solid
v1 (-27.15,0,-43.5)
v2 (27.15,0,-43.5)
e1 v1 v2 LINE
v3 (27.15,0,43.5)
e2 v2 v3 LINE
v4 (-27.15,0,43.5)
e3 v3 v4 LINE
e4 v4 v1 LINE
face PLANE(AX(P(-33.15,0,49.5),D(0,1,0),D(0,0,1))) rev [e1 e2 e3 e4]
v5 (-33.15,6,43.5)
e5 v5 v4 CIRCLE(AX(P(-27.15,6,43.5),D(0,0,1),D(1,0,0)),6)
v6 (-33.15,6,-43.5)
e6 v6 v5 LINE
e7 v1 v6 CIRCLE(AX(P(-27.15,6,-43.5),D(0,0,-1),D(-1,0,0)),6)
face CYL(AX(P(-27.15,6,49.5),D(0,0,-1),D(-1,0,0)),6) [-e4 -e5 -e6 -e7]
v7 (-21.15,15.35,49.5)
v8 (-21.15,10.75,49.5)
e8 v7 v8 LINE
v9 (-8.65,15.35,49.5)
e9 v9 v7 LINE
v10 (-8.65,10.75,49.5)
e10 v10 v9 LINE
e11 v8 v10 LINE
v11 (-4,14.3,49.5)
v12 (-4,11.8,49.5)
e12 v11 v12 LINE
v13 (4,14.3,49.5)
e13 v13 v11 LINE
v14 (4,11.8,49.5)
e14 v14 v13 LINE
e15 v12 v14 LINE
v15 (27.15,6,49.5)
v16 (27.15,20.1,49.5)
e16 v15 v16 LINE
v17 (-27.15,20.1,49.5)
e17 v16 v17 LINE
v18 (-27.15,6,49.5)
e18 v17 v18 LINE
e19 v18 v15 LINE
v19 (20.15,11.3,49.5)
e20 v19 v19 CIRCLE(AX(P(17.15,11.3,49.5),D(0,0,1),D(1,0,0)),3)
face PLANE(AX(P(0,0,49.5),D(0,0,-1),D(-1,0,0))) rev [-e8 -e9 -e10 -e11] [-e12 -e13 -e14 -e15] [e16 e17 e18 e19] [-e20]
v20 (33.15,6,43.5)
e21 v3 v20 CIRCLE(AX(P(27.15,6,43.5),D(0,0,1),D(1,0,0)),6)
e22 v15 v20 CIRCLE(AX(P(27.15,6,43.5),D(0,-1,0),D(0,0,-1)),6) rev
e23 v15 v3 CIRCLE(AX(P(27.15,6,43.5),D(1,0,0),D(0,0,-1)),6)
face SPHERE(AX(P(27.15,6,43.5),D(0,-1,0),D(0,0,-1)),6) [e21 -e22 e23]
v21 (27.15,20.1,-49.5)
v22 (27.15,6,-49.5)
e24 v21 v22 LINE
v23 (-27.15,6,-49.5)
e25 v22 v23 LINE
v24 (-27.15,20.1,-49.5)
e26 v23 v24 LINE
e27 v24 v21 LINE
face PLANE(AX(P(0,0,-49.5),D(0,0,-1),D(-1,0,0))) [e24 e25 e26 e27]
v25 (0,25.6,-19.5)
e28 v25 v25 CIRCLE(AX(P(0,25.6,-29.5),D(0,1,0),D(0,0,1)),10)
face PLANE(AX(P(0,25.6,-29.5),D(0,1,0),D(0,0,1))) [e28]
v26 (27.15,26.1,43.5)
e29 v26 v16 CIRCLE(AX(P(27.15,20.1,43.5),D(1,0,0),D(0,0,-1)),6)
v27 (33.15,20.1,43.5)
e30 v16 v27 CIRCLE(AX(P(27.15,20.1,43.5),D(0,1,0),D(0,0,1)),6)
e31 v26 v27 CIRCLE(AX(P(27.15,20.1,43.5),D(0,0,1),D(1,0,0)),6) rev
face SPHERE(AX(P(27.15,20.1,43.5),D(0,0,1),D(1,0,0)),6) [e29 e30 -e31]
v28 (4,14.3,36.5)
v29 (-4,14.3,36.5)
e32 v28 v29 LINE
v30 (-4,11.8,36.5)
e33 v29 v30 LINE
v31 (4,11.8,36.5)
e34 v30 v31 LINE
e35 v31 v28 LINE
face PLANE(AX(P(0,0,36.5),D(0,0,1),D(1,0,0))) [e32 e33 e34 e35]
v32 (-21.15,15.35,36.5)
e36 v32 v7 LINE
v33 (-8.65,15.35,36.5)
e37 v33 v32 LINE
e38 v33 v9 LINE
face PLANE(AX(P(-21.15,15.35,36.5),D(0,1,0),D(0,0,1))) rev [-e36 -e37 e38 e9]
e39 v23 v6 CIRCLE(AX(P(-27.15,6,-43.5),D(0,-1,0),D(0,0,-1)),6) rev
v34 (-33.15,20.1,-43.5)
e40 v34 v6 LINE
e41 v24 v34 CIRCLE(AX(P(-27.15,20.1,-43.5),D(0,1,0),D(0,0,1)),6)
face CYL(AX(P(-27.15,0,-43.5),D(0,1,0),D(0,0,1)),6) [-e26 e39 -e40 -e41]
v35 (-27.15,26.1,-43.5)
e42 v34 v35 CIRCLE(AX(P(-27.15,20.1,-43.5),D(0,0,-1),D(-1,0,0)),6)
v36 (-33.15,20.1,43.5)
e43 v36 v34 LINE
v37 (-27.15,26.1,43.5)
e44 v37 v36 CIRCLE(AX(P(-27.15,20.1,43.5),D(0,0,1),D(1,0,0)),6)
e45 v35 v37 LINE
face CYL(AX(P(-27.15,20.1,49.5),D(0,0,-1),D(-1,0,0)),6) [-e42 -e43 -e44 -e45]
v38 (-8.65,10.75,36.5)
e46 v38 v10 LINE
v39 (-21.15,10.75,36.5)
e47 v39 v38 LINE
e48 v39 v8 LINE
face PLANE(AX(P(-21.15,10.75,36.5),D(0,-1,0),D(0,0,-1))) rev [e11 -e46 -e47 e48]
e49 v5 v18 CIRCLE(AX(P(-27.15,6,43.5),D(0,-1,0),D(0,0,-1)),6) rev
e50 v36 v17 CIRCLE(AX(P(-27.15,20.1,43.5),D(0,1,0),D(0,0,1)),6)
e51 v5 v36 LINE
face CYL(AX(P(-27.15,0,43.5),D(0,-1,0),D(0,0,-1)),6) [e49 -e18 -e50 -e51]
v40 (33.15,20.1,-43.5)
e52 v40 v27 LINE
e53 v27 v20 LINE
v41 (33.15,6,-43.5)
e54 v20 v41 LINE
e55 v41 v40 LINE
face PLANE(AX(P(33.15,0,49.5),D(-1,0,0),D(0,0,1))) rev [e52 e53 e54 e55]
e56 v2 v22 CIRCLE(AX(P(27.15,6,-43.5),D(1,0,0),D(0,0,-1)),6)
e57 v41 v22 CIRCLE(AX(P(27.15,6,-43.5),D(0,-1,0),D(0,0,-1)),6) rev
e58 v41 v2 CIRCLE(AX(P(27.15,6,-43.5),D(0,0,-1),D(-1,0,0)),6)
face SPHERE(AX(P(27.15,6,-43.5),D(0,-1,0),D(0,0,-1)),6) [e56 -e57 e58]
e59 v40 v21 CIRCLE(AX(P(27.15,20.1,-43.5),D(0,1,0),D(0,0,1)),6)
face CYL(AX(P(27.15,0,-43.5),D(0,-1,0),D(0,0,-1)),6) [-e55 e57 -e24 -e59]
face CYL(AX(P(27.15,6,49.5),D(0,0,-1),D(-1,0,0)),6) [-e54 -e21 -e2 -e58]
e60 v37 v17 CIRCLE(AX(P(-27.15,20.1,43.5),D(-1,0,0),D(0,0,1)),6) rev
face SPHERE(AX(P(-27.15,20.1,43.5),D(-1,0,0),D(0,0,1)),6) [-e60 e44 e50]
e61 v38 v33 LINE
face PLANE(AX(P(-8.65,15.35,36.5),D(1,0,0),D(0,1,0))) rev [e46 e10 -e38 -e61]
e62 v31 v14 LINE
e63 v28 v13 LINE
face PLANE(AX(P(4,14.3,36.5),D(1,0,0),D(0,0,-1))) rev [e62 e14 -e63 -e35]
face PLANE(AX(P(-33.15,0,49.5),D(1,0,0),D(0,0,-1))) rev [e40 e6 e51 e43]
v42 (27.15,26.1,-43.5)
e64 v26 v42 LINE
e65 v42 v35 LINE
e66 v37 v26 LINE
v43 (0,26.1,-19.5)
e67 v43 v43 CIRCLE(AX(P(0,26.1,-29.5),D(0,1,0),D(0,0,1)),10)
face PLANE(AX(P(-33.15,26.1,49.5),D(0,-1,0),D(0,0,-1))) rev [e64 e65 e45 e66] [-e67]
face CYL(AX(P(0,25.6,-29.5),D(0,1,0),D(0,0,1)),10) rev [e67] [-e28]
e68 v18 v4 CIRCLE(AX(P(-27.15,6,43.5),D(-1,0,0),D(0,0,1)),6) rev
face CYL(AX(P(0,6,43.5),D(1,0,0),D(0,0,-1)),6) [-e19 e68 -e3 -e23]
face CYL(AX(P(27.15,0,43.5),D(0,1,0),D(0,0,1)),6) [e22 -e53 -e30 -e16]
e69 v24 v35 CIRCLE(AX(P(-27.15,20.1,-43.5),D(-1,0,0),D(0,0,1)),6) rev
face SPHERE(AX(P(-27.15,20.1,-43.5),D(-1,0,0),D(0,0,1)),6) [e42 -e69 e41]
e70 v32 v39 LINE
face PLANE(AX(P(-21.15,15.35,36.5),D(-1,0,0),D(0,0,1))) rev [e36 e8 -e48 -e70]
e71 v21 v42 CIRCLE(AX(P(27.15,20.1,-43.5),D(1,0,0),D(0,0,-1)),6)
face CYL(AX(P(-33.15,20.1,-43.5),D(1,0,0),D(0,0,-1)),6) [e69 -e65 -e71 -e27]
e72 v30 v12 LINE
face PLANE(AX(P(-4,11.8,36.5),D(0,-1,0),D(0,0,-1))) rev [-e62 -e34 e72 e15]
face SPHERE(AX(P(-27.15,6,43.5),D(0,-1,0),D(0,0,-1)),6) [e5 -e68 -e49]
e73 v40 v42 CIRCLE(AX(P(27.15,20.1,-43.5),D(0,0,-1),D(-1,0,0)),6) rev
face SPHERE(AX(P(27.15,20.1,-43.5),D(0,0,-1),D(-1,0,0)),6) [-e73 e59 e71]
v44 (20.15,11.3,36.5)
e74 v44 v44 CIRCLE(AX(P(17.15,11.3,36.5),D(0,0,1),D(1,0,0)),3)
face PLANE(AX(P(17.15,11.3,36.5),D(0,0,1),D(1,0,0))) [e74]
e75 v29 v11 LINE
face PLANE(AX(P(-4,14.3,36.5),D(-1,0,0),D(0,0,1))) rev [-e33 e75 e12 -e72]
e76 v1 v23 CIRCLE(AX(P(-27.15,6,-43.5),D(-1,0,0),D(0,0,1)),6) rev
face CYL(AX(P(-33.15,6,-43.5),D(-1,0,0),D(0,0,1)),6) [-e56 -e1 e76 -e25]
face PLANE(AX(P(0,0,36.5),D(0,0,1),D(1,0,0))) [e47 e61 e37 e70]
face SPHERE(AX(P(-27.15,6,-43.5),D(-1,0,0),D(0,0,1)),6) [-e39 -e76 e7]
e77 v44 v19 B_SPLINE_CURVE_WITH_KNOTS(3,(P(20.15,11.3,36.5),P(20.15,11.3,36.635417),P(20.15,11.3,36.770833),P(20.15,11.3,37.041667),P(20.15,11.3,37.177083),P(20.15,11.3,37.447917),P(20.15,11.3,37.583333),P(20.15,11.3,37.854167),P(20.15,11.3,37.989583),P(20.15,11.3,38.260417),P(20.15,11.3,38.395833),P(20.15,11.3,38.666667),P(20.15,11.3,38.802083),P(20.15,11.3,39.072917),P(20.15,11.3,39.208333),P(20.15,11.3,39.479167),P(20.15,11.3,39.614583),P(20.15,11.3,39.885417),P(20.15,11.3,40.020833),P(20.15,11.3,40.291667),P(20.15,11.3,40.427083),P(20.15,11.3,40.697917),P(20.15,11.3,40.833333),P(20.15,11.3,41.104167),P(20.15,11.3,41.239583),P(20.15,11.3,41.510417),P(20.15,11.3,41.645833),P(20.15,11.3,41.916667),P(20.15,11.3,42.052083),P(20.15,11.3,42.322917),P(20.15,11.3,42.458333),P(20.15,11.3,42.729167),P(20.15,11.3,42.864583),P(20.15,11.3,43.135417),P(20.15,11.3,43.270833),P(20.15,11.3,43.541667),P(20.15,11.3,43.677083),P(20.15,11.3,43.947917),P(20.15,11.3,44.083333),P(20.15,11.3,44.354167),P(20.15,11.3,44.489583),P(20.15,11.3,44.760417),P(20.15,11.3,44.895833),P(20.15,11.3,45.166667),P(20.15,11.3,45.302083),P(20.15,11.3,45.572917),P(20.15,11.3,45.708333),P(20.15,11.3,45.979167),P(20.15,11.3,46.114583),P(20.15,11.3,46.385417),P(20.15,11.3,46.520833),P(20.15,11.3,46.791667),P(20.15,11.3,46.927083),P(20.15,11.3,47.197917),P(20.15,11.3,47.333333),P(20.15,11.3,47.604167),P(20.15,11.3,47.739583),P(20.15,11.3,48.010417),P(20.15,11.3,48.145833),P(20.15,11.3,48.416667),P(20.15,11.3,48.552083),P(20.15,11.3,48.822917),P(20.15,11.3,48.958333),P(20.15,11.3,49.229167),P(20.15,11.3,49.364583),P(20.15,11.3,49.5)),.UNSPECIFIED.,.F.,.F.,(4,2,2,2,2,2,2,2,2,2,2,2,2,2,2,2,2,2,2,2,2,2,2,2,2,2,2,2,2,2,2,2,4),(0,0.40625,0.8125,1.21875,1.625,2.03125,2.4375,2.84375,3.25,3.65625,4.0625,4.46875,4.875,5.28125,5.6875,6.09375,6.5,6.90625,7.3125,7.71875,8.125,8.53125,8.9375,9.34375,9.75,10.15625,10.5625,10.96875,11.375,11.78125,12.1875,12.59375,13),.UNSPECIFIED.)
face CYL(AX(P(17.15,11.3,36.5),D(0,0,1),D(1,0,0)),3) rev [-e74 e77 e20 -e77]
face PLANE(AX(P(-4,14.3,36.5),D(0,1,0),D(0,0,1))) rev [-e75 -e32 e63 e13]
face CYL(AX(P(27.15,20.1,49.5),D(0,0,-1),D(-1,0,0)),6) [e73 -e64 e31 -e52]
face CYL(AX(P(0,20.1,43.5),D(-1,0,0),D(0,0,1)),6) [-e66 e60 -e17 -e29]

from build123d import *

# Parameters (mm, degrees)
SKETCH1_W           = 66.3
SKETCH1_H           = 26.1
BOSS_EXTRUDE1_DEPTH = 49.5
SKETCH2_R           = 3
SKETCH2_W           = 12.5
SKETCH2_H           = 4.6
SKETCH2_W_2         = 8
SKETCH2_H_2         = 2.5
CONNECTORS_DEPTH    = 13
SKETCH4_R           = 10
DISPLAY_DEPTH       = 0.5
FILLET1_R           = 6


with BuildPart() as part:
    # Sketch1 → Boss-Extrude1 (new, symmetric)
    with BuildSketch(Plane.XY):
        with Locations((0, 13.05)):
            Rectangle(SKETCH1_W, SKETCH1_H)
    extrude(amount=BOSS_EXTRUDE1_DEPTH, both=True)

    # Sketch2 → connectors (cut)
    with BuildSketch(Plane.XY.offset(49.5)):
        with Locations((17.15, 11.3)):
            Circle(SKETCH2_R)
        with Locations((-14.9, 13.05)):
            Rectangle(SKETCH2_W, SKETCH2_H)
        with Locations((0, 13.05)):
            Rectangle(SKETCH2_W_2, SKETCH2_H_2)
    extrude(amount=-CONNECTORS_DEPTH, mode=Mode.SUBTRACT)

    # Sketch4 → display (cut)
    with BuildSketch(Plane(origin=(0, 26.1, 0), x_dir=(1, 0, 0), z_dir=(0, 1, 0))):
        with Locations(Location((0, 29.5, 0), (0, 0, 270))):
            Circle(SKETCH4_R)
    extrude(amount=-DISPLAY_DEPTH, mode=Mode.SUBTRACT)

    # Fillet1
    fillet1_edges = [part.edges().sort_by_distance(p)[0] for p in [
        (33.15, 13.05, 49.5),
        (0, 26.1, 49.5),
        (-33.15, 13.05, 49.5),
        (0, 26.1, -49.5),
        (33.15, 13.05, -49.5),
        (0, 0, -49.5),
        (-33.15, 13.05, -49.5),
        (-33.15, 26.1, 0),
        (33.15, 26.1, 0),
        (33.15, 0, 0),
        (-33.15, 0, 0),
        (0, 0, 49.5),
    ]]
    fillet(fillet1_edges, radius=FILLET1_R)


solid = part.part
